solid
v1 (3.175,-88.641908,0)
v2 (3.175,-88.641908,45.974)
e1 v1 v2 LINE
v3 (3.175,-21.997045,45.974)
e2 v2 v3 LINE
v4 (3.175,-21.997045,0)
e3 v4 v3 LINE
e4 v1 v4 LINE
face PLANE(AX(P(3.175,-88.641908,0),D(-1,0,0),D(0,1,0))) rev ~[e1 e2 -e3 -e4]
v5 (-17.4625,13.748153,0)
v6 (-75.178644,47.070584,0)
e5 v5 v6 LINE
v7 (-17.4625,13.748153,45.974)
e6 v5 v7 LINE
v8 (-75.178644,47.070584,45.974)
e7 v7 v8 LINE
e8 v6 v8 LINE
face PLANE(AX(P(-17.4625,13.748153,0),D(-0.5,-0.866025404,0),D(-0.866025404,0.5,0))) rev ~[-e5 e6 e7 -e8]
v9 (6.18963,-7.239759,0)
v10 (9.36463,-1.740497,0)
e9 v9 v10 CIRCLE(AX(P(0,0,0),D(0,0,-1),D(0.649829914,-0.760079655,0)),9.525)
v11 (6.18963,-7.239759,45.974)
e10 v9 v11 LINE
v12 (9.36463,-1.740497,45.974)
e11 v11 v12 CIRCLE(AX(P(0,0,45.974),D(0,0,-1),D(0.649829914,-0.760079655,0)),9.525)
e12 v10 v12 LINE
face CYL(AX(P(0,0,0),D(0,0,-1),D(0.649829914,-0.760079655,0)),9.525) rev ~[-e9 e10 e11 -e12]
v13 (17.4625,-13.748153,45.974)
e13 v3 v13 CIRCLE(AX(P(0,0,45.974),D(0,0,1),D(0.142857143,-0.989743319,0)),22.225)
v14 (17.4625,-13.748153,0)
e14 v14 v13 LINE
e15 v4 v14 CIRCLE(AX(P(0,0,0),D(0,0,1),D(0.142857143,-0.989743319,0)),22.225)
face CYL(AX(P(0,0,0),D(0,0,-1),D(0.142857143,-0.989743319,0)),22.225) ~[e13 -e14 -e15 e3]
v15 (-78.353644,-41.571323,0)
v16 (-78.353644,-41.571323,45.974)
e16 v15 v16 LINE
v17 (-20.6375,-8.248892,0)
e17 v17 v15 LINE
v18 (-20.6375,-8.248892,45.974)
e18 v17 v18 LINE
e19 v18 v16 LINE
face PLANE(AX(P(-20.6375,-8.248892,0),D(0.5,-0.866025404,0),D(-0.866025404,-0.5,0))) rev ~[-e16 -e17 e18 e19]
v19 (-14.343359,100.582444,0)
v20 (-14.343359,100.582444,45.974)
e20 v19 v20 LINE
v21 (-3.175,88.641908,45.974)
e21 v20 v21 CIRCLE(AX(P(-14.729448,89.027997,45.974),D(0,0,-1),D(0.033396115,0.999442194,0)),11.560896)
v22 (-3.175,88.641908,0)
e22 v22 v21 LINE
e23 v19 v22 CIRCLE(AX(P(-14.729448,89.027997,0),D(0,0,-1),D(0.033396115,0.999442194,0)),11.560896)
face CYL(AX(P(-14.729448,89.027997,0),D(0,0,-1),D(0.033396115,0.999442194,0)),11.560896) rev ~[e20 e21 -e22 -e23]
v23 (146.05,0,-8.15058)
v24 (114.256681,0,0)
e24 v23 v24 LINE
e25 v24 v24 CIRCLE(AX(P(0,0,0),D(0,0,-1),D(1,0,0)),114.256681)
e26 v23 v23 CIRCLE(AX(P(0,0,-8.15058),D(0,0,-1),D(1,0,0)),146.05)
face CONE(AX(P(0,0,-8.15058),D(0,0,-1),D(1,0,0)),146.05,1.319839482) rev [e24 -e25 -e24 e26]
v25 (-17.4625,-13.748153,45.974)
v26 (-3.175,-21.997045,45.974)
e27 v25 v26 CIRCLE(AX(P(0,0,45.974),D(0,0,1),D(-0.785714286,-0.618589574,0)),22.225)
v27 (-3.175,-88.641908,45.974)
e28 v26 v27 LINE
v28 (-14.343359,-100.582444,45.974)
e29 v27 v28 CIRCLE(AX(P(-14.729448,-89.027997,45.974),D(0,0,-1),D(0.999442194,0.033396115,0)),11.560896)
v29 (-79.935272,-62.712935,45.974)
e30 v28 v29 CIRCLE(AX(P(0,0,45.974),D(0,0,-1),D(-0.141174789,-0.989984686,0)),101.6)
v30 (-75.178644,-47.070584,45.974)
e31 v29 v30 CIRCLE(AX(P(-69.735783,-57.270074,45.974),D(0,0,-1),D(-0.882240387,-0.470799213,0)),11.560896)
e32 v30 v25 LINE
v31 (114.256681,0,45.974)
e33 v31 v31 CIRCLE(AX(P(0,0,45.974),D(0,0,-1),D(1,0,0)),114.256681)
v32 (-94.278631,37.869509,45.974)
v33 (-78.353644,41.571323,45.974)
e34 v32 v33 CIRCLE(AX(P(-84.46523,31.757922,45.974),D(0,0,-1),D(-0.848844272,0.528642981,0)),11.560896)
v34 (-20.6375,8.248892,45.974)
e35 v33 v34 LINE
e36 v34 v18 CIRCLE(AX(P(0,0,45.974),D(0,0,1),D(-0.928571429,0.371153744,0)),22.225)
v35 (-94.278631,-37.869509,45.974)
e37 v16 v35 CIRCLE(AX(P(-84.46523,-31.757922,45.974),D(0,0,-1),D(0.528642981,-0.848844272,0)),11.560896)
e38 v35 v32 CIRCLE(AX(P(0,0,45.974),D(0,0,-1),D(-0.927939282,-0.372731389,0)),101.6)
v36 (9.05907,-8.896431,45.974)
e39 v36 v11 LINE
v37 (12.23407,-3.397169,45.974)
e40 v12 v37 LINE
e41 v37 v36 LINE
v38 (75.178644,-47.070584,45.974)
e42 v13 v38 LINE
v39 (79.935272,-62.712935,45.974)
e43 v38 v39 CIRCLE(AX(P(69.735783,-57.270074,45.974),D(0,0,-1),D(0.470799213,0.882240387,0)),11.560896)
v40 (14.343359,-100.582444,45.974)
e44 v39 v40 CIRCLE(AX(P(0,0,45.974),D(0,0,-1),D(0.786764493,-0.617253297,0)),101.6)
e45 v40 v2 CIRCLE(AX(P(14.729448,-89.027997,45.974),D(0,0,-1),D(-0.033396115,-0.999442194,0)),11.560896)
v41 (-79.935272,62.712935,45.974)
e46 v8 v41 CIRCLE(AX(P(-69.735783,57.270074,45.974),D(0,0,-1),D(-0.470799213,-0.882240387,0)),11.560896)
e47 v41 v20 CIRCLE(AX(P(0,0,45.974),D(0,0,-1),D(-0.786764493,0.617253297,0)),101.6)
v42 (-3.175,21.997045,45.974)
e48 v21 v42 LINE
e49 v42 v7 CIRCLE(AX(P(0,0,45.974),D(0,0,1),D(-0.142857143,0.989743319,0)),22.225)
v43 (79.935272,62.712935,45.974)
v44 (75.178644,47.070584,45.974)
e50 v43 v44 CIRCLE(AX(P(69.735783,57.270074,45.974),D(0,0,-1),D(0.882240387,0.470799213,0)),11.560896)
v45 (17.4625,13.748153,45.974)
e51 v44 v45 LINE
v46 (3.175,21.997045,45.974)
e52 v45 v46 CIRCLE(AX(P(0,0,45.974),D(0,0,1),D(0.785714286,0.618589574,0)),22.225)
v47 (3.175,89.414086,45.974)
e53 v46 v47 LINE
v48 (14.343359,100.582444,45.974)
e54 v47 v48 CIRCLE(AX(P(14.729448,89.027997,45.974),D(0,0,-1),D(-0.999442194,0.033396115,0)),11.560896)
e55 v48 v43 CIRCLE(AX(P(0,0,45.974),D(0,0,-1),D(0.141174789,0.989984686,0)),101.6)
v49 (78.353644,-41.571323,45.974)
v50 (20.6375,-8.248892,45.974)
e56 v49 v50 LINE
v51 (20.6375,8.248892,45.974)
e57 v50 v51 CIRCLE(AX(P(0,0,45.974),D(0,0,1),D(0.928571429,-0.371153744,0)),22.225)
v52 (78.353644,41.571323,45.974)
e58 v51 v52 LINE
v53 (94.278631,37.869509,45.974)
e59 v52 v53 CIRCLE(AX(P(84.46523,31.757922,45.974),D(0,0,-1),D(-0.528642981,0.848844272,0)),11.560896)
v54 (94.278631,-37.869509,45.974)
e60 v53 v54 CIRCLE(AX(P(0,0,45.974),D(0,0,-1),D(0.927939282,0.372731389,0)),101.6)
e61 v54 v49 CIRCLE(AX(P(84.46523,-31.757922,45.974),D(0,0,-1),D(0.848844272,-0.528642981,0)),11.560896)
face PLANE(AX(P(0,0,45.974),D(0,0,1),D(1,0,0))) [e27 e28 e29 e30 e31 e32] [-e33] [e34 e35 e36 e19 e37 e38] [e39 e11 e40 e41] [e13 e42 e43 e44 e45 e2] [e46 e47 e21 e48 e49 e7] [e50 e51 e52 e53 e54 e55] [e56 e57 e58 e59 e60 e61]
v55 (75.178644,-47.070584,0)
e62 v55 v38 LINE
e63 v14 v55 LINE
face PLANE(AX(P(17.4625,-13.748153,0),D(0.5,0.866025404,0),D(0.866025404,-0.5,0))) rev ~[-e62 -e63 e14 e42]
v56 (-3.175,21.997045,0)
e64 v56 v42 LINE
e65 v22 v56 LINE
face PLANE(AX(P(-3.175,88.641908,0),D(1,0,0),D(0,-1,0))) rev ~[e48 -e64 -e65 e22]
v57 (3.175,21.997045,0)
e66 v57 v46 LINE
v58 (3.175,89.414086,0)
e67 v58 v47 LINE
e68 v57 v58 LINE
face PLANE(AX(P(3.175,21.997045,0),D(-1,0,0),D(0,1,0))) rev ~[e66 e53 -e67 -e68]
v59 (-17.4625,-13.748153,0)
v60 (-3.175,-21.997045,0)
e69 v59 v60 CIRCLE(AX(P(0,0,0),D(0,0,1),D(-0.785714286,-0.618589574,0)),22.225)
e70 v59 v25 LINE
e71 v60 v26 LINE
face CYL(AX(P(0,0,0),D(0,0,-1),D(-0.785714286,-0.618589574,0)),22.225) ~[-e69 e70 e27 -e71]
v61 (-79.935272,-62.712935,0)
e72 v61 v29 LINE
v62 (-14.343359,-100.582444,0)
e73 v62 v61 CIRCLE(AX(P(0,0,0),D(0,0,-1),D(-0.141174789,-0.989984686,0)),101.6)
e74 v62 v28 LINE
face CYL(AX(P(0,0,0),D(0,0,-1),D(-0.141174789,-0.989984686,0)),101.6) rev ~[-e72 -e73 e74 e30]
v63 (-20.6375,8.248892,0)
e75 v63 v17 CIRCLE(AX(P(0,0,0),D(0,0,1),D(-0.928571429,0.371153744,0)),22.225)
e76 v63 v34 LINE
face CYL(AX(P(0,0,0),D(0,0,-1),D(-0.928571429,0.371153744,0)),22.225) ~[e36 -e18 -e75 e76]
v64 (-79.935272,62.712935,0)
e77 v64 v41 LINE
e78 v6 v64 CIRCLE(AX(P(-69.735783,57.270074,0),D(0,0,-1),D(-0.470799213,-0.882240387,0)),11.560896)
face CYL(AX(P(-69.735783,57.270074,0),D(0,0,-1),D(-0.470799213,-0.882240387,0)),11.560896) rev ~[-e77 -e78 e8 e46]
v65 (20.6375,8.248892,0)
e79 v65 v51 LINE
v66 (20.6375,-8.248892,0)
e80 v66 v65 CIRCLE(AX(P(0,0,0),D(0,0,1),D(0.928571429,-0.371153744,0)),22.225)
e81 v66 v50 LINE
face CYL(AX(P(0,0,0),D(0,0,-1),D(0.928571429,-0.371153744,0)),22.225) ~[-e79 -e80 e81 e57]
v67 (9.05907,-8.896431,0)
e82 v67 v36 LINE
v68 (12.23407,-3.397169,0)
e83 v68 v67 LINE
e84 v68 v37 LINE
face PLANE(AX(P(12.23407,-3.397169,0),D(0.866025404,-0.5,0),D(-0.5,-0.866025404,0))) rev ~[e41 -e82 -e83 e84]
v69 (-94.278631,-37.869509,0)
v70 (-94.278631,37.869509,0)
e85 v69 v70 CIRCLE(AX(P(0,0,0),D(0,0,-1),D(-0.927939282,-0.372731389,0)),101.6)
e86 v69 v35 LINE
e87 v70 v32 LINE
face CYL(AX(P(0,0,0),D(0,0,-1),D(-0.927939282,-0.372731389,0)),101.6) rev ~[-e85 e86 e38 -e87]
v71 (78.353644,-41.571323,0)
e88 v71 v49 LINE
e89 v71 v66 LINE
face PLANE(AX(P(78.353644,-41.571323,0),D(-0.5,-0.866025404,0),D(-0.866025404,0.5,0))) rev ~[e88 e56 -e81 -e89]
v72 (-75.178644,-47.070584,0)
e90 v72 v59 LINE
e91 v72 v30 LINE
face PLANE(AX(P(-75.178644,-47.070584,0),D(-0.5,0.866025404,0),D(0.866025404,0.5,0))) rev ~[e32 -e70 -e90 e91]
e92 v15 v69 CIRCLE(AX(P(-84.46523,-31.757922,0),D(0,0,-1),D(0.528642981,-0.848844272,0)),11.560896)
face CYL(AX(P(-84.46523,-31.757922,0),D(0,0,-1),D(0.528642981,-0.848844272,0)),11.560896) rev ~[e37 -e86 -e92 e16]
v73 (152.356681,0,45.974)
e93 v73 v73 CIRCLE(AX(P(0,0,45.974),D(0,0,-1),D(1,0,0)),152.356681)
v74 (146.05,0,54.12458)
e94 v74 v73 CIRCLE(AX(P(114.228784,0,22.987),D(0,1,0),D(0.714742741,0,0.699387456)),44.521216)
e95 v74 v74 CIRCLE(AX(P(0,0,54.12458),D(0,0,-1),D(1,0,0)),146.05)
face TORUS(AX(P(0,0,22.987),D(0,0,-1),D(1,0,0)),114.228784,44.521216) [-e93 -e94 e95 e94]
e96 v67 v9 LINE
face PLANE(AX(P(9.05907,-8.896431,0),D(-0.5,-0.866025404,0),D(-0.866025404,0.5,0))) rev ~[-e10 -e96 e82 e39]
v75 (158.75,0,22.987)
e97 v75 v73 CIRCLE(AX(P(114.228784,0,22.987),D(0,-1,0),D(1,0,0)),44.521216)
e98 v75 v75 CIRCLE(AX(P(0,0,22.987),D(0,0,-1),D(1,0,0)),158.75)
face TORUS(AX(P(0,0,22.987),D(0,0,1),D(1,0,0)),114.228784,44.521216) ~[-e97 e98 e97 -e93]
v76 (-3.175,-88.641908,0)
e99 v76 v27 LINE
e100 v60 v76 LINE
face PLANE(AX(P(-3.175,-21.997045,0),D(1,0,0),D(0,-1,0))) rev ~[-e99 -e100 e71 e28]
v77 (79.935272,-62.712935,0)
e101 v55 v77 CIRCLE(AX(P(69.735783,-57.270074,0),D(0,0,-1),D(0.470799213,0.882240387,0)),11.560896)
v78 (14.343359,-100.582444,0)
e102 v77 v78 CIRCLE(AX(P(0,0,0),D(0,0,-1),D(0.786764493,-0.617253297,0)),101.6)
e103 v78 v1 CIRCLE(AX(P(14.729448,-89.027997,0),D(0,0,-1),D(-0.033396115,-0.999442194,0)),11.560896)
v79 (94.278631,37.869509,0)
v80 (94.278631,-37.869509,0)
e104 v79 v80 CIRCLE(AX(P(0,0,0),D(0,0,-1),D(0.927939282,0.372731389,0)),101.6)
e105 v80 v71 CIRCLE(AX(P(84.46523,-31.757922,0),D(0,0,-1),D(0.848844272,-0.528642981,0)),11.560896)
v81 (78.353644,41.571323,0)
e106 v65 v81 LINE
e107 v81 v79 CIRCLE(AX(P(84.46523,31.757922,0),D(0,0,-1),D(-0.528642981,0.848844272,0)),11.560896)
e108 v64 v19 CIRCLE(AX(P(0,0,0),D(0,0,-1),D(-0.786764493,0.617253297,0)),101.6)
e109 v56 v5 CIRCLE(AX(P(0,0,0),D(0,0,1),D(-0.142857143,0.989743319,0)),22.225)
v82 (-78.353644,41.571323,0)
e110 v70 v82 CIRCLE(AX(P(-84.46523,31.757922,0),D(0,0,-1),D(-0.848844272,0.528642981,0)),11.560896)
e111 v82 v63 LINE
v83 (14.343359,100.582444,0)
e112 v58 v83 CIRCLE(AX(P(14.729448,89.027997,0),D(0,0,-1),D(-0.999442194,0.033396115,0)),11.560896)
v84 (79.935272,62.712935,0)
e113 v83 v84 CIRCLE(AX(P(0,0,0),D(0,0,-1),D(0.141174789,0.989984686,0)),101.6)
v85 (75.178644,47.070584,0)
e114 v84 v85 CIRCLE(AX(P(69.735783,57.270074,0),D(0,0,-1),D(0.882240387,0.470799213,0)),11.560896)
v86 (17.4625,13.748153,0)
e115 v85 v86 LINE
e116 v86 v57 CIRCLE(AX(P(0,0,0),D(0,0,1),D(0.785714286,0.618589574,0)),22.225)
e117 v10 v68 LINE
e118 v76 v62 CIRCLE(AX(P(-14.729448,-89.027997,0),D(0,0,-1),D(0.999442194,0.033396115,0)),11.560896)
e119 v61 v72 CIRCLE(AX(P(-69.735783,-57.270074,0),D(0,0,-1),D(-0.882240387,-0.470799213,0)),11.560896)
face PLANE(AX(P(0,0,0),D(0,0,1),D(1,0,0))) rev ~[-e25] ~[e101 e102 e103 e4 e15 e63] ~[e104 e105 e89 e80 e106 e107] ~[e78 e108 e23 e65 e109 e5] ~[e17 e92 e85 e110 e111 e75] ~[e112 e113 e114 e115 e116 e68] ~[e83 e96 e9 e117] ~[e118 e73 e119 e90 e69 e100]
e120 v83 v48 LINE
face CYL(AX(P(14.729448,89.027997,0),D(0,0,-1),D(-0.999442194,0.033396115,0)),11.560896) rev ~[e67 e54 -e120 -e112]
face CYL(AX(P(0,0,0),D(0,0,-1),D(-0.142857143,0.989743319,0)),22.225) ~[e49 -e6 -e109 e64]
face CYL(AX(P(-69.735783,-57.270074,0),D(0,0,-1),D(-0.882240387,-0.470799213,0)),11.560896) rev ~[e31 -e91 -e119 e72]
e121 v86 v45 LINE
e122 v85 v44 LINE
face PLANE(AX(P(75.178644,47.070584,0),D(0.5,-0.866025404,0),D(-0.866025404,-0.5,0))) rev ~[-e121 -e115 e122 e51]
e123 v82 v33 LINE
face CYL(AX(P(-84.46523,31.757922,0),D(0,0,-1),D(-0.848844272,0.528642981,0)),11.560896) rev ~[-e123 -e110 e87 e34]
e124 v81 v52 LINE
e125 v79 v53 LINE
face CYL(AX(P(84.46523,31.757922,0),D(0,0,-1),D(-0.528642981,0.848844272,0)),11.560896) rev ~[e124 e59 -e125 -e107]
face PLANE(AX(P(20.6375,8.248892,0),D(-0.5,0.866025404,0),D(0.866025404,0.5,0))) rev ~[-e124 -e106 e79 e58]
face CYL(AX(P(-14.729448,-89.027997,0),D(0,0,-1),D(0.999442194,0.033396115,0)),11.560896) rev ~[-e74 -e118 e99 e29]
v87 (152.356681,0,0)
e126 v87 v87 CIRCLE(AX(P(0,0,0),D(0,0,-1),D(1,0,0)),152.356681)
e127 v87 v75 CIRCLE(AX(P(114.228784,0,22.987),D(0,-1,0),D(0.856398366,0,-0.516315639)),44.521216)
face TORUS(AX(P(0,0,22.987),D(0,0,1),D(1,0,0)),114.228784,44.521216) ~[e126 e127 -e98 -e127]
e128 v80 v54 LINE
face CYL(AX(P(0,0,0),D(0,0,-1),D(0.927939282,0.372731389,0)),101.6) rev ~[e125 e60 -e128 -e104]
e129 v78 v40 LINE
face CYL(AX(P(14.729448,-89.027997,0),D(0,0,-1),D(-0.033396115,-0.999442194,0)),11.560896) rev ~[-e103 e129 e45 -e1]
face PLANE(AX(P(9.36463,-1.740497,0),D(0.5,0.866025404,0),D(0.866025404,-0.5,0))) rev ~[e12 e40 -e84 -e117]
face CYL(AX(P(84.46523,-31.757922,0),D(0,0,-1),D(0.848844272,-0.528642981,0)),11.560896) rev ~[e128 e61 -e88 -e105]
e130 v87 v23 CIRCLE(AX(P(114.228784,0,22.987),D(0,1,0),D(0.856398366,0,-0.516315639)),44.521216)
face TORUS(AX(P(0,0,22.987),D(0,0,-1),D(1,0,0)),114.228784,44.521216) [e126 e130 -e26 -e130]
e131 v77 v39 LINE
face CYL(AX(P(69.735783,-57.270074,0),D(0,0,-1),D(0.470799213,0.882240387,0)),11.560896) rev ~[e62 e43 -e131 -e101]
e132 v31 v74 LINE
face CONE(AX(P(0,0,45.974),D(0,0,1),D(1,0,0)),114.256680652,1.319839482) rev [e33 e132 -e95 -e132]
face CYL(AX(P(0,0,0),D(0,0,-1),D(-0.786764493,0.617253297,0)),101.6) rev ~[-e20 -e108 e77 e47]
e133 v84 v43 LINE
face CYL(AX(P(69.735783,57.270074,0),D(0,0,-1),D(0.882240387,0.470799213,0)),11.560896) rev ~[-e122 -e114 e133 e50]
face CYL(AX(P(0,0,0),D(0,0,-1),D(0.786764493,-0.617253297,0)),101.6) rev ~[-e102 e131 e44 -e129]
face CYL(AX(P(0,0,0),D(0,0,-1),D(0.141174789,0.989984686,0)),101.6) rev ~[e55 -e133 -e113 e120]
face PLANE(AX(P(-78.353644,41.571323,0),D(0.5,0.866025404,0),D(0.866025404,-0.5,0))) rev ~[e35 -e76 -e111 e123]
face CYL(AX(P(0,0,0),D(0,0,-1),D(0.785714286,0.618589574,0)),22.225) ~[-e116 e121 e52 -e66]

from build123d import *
from build123d.topology import SkipClean

# Parameters (mm, degrees)
SKETCH1_R           = 158.75
BOSS_EXTRUDE1_DEPTH = 45.974


with BuildPart() as part:
    # Sketch1 → Boss-Extrude1 (new body)
    with BuildSketch(Plane.XY):
        Circle(SKETCH1_R)
        with BuildLine():
            Line((-3.175, 88.6419075), (-3.175, 21.997045256))
            ThreePointArc((-3.175, 21.997045256), (-11.1125, 19.247414599), (-17.4625, 13.748153285))
            Line((-17.4625, 13.748153285), (-75.178643735, 47.070584407))
            ThreePointArc((-75.178643735, 47.070584407), (-80.796594988, 53.906629613), (-79.935272493, 62.712934961))
            ThreePointArc((-79.935272493, 62.712934961), (-50.8, 87.988181024), (-14.343358575, 100.582444118))
            ThreePointArc((-14.343358575, 100.582444118), (-6.286213183, 96.925218605), (-3.175, 88.6419075))
        make_face(mode=Mode.SUBTRACT)
        with BuildLine():
            ThreePointArc((14.343358575, 100.582444118), (50.8, 87.988181024), (79.935272493, 62.712934961))
            ThreePointArc((79.935272493, 62.712934961), (80.796594988, 53.906629613), (75.178643735, 47.070584407))
            Line((75.178643735, 47.070584407), (17.4625, 13.748153285))
            ThreePointArc((17.4625, 13.748153285), (11.1125, 19.247414599), (3.175, 21.997045256))
            Line((3.175, 21.997045256), (3.175, 88.6419075))
            ThreePointArc((3.175, 88.6419075), (6.286213183, 96.925218605), (14.343358575, 100.582444118))
        make_face(mode=Mode.SUBTRACT)
        with BuildLine():
            ThreePointArc((-94.278631069, -37.869509157), (-101.6, 0), (-94.278631069, 37.869509157))
            ThreePointArc((-94.278631069, 37.869509157), (-87.082808171, 43.018588992), (-78.353643735, 41.571323093))
            Line((-78.353643735, 41.571323093), (-20.6375, 8.248891971))
            ThreePointArc((-20.6375, 8.248891971), (-22.225, 0), (-20.6375, -8.248891971))
            Line((-20.6375, -8.248891971), (-78.353643735, -41.571323093))
            ThreePointArc((-78.353643735, -41.571323093), (-87.082808171, -43.018588992), (-94.278631069, -37.869509157))
        make_face(mode=Mode.SUBTRACT)
        with BuildLine():
            ThreePointArc((-14.343358575, -100.582444118), (-50.8, -87.988181024), (-79.935272493, -62.712934961))
            ThreePointArc((-79.935272493, -62.712934961), (-80.796594988, -53.906629613), (-75.178643735, -47.070584407))
            Line((-75.178643735, -47.070584407), (-17.4625, -13.748153285))
            ThreePointArc((-17.4625, -13.748153285), (-11.1125, -19.247414599), (-3.175, -21.997045256))
            Line((-3.175, -21.997045256), (-3.175, -88.6419075))
            ThreePointArc((-3.175, -88.6419075), (-6.286213183, -96.925218605), (-14.343358575, -100.582444118))
        make_face(mode=Mode.SUBTRACT)
        with BuildLine():
            ThreePointArc((79.935272493, -62.712934961), (50.8, -87.988181024), (14.343358575, -100.582444118))
            ThreePointArc((14.343358575, -100.582444118), (6.286213183, -96.925218605), (3.175, -88.6419075))
            Line((3.175, -88.6419075), (3.175, -21.997045256))
            ThreePointArc((3.175, -21.997045256), (11.1125, -19.247414599), (17.4625, -13.748153285))
            Line((17.4625, -13.748153285), (75.178643735, -47.070584407))
            ThreePointArc((75.178643735, -47.070584407), (80.796594988, -53.906629613), (79.935272493, -62.712934961))
        make_face(mode=Mode.SUBTRACT)
        with BuildLine():
            ThreePointArc((94.278631069, -37.869509157), (87.082808171, -43.018588992), (78.353643735, -41.571323093))
            Line((78.353643735, -41.571323093), (20.6375, -8.248891971))
            ThreePointArc((20.6375, -8.248891971), (22.225, 0), (20.6375, 8.248891971))
            Line((20.6375, 8.248891971), (78.353643735, 41.571323093))
            ThreePointArc((78.353643735, 41.571323093), (87.082808171, 43.018588992), (94.278631069, 37.869509157))
            ThreePointArc((94.278631069, 37.869509157), (101.6, 0), (94.278631069, -37.869509157))
        make_face(mode=Mode.SUBTRACT)
        with BuildLine():
            Line((9.059069904, -8.896430657), (6.189629933, -7.239758718))
            ThreePointArc((6.189629933, -7.239758718), (-8.248891971, 4.7625), (9.364629933, -1.740497404))
            Line((9.364629933, -1.740497404), (12.234069904, -3.397169343))
            Line((12.234069904, -3.397169343), (9.059069904, -8.896430657))
        make_face(mode=Mode.SUBTRACT)
    extrude(amount=BOSS_EXTRUDE1_DEPTH)

    # Sketch2 → Cut-Revolve1 (revolve, cut)
    with BuildSketch(Plane(origin=(0, 0, 0), x_dir=(1, 0, 0), z_dir=(0, 1, 0))):
        with BuildLine():
            Line((158.75, -45.974), (158.75, -22.987))
            ThreePointArc((158.75, -22.987), (157.121901144, -34.91676007), (152.356680652, -45.974))
            Line((152.356680652, -45.974), (158.75, -45.974))
        make_face()
        with BuildLine():
            Line((158.75, 0), (152.356680652, 0))
            ThreePointArc((152.356680652, 0), (157.121901144, -11.05723993), (158.75, -22.987))
            Line((158.75, -22.987), (158.75, 0))
        make_face()
    revolve(axis=Axis((0, 0, 0), (0, 0, -1)), mode=Mode.SUBTRACT)

    # Sketch2<6> → Revolve2 (revolve)
    with SkipClean():  # the faces are left unmerged after this step: merging them gives an invalid solid
        with BuildSketch(Plane(origin=(0, 0, 0), x_dir=(1, 0, 0), z_dir=(0, 1, 0))):
            with BuildLine():
                ThreePointArc((152.356680652, 0), (149.439969417, 4.258386632), (146.05, 8.150579906))
                Line((146.05, 8.150579906), (114.256680652, 0))
                Line((114.256680652, 0), (152.356680652, 0))
            make_face()
            with BuildLine():
                ThreePointArc((146.05, -54.124579906), (149.439969417, -50.232386632), (152.356680652, -45.974))
                Line((152.356680652, -45.974), (114.256680652, -45.974))
                Line((114.256680652, -45.974), (146.05, -54.124579906))
            make_face()
        revolve(axis=Axis((0, 0, 0), (0, 0, -1)))


solid = part.part
